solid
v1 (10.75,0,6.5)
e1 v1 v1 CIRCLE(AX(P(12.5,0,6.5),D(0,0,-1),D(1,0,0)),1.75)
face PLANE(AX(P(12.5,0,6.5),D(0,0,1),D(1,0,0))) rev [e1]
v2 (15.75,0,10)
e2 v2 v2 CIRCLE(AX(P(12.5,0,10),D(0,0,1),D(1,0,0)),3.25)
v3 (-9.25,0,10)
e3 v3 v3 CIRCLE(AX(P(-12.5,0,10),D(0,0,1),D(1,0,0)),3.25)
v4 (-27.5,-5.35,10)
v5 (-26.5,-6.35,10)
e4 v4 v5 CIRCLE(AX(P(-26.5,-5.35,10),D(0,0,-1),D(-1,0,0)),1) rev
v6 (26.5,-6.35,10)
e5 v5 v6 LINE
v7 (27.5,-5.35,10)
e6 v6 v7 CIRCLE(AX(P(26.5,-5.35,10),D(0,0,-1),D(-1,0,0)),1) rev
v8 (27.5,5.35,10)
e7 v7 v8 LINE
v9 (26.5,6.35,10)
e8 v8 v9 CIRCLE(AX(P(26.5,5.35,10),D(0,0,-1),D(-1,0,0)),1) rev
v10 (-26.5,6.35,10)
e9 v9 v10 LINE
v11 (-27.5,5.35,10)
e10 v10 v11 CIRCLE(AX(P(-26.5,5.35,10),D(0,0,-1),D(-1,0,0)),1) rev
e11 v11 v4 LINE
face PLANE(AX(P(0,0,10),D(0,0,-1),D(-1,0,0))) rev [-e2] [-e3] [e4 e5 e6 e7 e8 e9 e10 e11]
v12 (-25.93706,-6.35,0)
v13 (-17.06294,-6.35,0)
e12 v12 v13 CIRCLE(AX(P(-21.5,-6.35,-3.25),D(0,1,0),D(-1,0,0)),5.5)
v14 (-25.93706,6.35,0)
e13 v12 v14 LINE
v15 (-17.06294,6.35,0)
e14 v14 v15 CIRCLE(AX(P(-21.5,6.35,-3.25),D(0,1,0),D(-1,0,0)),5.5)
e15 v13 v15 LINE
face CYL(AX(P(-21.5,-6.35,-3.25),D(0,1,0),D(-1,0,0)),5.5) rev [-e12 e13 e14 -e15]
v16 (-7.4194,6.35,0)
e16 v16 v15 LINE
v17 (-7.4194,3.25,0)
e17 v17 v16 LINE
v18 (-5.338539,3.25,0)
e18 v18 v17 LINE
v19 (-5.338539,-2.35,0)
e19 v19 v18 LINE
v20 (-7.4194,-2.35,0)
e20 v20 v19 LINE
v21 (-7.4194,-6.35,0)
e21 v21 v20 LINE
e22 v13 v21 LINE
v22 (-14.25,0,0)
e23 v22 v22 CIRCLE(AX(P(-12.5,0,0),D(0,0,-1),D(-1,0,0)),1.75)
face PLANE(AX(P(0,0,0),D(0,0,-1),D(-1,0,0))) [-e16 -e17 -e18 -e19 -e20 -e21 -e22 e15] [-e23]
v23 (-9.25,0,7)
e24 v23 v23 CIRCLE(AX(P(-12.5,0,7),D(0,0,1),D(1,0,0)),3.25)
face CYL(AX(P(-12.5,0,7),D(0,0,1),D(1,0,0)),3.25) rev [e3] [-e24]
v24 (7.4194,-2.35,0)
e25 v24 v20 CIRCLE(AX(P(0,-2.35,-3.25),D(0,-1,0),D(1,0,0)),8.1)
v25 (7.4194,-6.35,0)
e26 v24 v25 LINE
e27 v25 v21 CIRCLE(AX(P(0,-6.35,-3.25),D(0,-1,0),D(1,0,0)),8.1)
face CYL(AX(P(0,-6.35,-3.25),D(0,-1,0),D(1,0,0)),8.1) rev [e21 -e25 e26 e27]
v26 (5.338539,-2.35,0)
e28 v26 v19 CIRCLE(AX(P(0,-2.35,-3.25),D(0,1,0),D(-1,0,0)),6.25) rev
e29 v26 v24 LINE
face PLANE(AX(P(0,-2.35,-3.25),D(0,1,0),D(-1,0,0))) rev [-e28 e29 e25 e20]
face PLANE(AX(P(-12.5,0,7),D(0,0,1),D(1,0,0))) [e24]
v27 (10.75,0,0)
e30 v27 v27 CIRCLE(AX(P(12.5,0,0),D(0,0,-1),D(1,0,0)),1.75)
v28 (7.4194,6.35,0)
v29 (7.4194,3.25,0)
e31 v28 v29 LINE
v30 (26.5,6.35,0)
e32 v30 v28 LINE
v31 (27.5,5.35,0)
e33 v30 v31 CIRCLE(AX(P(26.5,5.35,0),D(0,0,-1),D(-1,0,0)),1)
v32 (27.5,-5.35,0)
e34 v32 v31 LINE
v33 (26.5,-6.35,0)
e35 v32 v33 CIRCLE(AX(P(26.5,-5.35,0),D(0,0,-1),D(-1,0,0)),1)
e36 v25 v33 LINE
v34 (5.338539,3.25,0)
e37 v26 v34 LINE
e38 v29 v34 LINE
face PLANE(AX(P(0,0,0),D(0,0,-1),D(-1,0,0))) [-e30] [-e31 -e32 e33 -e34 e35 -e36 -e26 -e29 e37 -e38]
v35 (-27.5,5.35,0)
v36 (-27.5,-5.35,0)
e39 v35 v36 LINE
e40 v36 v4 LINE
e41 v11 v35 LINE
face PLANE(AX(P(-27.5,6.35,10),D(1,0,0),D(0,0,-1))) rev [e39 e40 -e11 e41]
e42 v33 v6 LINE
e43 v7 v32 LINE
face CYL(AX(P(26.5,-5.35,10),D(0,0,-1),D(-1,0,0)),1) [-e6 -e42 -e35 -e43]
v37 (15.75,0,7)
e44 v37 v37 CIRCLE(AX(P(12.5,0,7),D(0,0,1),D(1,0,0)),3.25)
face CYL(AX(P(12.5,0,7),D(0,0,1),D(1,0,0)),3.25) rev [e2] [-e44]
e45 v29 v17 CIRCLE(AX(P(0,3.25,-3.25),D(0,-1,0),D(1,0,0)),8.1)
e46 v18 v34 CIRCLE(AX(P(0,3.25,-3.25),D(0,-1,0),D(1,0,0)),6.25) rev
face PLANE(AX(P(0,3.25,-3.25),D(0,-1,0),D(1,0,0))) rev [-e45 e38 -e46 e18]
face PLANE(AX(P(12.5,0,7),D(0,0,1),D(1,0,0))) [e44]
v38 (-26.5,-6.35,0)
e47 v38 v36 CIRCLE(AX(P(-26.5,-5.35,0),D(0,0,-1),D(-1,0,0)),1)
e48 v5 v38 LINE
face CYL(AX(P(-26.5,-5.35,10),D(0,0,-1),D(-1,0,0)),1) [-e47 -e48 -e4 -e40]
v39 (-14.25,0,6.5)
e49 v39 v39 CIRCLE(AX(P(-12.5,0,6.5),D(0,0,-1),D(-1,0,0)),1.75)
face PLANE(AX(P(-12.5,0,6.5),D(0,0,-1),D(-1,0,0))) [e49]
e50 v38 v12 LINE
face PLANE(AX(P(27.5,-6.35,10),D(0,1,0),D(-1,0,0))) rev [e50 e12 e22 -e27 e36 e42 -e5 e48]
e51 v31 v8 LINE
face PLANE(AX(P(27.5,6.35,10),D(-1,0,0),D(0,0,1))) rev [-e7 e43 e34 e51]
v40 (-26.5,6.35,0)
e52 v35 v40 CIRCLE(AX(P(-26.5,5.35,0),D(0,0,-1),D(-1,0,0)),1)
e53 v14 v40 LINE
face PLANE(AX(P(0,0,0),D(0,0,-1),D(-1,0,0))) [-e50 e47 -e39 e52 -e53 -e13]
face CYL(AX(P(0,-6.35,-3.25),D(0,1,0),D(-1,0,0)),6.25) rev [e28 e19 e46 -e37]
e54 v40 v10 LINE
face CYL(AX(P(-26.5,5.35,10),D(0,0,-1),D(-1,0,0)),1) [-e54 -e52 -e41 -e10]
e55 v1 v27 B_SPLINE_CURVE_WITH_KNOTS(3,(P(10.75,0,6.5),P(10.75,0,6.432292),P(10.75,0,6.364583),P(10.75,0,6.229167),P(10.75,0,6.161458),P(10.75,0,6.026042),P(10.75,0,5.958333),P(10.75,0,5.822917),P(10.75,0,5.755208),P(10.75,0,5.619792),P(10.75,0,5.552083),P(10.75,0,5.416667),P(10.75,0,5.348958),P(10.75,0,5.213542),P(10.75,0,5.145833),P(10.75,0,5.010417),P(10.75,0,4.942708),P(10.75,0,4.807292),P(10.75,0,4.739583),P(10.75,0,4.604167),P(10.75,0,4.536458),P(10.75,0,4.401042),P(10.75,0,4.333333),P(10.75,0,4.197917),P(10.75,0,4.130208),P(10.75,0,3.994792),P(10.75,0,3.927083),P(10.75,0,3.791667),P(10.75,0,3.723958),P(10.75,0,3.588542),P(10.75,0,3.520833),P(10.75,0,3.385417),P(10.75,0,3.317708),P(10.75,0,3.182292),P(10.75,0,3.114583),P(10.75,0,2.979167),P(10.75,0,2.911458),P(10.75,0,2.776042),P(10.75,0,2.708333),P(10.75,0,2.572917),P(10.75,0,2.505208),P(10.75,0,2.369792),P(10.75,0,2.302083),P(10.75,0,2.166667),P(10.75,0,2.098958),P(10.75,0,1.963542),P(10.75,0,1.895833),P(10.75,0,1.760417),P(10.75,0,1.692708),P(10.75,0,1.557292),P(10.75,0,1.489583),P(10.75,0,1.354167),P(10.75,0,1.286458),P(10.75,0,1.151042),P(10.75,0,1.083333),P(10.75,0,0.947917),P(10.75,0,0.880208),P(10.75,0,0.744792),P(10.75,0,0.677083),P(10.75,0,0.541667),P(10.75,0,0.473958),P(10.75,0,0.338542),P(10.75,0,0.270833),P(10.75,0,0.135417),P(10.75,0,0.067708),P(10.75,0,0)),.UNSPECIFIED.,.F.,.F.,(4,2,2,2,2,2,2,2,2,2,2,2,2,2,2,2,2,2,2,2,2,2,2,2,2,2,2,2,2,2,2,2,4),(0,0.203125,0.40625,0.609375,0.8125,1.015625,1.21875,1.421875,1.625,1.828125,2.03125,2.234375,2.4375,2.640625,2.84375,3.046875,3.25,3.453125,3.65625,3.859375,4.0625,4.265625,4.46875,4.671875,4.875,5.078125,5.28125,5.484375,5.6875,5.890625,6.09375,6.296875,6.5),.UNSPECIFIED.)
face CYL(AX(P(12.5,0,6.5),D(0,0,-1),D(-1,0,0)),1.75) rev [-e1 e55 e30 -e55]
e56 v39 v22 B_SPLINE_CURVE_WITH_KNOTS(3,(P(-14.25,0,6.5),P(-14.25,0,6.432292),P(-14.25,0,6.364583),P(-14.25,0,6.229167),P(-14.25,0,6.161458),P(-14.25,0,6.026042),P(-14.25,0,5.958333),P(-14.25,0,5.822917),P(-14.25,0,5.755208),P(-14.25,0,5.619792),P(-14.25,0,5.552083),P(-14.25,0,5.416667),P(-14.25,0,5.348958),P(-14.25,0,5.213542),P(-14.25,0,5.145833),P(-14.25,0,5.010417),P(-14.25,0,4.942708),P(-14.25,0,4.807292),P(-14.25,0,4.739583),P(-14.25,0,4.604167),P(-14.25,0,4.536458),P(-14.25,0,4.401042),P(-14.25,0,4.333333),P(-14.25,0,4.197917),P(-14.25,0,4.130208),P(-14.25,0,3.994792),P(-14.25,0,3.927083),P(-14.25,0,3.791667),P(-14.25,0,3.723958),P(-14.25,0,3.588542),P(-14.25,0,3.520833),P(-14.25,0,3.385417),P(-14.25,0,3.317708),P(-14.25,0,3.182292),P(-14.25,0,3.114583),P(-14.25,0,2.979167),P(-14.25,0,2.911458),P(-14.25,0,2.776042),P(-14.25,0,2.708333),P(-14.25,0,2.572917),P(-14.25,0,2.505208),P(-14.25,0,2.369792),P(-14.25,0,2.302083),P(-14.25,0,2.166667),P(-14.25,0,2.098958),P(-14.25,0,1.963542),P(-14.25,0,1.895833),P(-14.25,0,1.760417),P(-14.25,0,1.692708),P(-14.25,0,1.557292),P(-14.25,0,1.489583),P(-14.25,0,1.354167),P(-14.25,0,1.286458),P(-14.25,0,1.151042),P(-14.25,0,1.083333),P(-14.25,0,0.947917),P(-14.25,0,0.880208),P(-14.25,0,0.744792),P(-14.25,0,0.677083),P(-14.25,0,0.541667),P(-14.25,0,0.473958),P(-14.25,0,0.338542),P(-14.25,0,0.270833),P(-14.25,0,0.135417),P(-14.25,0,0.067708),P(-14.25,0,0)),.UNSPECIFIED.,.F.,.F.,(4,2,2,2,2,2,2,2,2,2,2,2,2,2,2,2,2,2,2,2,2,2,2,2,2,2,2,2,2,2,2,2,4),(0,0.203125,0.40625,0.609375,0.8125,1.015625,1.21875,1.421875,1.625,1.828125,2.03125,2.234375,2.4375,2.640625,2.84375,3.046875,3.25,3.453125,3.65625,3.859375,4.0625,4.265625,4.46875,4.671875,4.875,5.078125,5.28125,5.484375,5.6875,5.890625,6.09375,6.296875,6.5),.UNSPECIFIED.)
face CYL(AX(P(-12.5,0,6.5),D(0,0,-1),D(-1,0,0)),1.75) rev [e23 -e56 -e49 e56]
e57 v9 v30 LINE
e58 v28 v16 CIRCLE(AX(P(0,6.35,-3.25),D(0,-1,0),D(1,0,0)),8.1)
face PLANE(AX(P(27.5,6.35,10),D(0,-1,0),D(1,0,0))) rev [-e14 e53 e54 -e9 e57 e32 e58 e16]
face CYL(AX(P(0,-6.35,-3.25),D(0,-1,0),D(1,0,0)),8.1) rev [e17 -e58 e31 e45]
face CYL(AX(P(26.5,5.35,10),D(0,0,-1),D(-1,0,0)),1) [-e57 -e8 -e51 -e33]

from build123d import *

# Parameters (mm, degrees)
SKETCH1_W           = 55
SKETCH1_H           = 12.7
BOSS_EXTRUDE1_DEPTH = 10
CUT_EXTRUDE1_DEPTH  = 32.898902802
SKETCH6_W           = 8.1
SKETCH6_H           = 3.1
SKETCH6_H_2         = 4
SKETCH7_R           = 1.75
CUT_EXTRUDE2_DEPTH  = 6.5
SKETCH8_R           = 3.25
CUT_EXTRUDE3_DEPTH  = 3
FILLET1_R           = 1


with BuildPart() as part:
    # Sketch1 → Boss-Extrude1 (new body)
    with BuildSketch(Plane.XY):
        Rectangle(SKETCH1_W, SKETCH1_H)
    extrude(amount=BOSS_EXTRUDE1_DEPTH)

    # Sketch2 → Cut-Extrude1 (cut, through all)
    with BuildSketch(Plane(origin=(0, 6.35, 0), x_dir=(1, 0, 0), z_dir=(0, 1, 0))):
        with BuildLine():
            Line((5.338539126, 0), (-5.338539126, 0))
            ThreePointArc((-5.338539126, 0), (0, -3), (5.338539126, 0))
        make_face()
        with BuildLine():
            Line((-17.062940163, 0), (-25.937059837, 0))
            ThreePointArc((-25.937059837, 0), (-21.5, -2.25), (-17.062940163, 0))
        make_face()
    extrude(amount=-CUT_EXTRUDE1_DEPTH, mode=Mode.SUBTRACT)

    # Sketch6 → Cut-Revolve1 (revolve, cut)
    with BuildSketch(Plane(origin=(0, 0, -3.25), x_dir=(-1, 0, 0), z_dir=(0, 0, -1))):
        with Locations((4.05, 4.8)):
            Rectangle(SKETCH6_W, SKETCH6_H)
        with Locations((4.05, -4.35)):
            Rectangle(SKETCH6_W, SKETCH6_H_2)
    revolve(axis=Axis((0, -6.35, -3.25), (0, 1, 0)), mode=Mode.SUBTRACT)

    # Sketch7 → Cut-Extrude2 (cut)
    with BuildSketch(Plane(origin=(0, 0, 0), x_dir=(-1, 0, 0), z_dir=(0, 0, -1))):
        with Locations((12.5, 0)):
            Circle(SKETCH7_R)
        with Locations((-12.5, 0)):
            Circle(SKETCH7_R)
    extrude(amount=-CUT_EXTRUDE2_DEPTH, mode=Mode.SUBTRACT)

    # Sketch8 → Cut-Extrude3 (cut)
    with BuildSketch(Plane.XY.offset(10)):
        with Locations((-12.5, 0)):
            Circle(SKETCH8_R)
        with Locations((12.5, 0)):
            Circle(SKETCH8_R)
    extrude(amount=-CUT_EXTRUDE3_DEPTH, mode=Mode.SUBTRACT)

    # Fillet1
    fillet1_edges = [part.edges().sort_by_distance(p)[0] for p in [
        (-27.5, 6.35, 5),
        (27.5, 6.35, 5),
        (27.5, -6.35, 5),
        (-27.5, -6.35, 5),
    ]]
    fillet(fillet1_edges, radius=FILLET1_R)


solid = part.part
